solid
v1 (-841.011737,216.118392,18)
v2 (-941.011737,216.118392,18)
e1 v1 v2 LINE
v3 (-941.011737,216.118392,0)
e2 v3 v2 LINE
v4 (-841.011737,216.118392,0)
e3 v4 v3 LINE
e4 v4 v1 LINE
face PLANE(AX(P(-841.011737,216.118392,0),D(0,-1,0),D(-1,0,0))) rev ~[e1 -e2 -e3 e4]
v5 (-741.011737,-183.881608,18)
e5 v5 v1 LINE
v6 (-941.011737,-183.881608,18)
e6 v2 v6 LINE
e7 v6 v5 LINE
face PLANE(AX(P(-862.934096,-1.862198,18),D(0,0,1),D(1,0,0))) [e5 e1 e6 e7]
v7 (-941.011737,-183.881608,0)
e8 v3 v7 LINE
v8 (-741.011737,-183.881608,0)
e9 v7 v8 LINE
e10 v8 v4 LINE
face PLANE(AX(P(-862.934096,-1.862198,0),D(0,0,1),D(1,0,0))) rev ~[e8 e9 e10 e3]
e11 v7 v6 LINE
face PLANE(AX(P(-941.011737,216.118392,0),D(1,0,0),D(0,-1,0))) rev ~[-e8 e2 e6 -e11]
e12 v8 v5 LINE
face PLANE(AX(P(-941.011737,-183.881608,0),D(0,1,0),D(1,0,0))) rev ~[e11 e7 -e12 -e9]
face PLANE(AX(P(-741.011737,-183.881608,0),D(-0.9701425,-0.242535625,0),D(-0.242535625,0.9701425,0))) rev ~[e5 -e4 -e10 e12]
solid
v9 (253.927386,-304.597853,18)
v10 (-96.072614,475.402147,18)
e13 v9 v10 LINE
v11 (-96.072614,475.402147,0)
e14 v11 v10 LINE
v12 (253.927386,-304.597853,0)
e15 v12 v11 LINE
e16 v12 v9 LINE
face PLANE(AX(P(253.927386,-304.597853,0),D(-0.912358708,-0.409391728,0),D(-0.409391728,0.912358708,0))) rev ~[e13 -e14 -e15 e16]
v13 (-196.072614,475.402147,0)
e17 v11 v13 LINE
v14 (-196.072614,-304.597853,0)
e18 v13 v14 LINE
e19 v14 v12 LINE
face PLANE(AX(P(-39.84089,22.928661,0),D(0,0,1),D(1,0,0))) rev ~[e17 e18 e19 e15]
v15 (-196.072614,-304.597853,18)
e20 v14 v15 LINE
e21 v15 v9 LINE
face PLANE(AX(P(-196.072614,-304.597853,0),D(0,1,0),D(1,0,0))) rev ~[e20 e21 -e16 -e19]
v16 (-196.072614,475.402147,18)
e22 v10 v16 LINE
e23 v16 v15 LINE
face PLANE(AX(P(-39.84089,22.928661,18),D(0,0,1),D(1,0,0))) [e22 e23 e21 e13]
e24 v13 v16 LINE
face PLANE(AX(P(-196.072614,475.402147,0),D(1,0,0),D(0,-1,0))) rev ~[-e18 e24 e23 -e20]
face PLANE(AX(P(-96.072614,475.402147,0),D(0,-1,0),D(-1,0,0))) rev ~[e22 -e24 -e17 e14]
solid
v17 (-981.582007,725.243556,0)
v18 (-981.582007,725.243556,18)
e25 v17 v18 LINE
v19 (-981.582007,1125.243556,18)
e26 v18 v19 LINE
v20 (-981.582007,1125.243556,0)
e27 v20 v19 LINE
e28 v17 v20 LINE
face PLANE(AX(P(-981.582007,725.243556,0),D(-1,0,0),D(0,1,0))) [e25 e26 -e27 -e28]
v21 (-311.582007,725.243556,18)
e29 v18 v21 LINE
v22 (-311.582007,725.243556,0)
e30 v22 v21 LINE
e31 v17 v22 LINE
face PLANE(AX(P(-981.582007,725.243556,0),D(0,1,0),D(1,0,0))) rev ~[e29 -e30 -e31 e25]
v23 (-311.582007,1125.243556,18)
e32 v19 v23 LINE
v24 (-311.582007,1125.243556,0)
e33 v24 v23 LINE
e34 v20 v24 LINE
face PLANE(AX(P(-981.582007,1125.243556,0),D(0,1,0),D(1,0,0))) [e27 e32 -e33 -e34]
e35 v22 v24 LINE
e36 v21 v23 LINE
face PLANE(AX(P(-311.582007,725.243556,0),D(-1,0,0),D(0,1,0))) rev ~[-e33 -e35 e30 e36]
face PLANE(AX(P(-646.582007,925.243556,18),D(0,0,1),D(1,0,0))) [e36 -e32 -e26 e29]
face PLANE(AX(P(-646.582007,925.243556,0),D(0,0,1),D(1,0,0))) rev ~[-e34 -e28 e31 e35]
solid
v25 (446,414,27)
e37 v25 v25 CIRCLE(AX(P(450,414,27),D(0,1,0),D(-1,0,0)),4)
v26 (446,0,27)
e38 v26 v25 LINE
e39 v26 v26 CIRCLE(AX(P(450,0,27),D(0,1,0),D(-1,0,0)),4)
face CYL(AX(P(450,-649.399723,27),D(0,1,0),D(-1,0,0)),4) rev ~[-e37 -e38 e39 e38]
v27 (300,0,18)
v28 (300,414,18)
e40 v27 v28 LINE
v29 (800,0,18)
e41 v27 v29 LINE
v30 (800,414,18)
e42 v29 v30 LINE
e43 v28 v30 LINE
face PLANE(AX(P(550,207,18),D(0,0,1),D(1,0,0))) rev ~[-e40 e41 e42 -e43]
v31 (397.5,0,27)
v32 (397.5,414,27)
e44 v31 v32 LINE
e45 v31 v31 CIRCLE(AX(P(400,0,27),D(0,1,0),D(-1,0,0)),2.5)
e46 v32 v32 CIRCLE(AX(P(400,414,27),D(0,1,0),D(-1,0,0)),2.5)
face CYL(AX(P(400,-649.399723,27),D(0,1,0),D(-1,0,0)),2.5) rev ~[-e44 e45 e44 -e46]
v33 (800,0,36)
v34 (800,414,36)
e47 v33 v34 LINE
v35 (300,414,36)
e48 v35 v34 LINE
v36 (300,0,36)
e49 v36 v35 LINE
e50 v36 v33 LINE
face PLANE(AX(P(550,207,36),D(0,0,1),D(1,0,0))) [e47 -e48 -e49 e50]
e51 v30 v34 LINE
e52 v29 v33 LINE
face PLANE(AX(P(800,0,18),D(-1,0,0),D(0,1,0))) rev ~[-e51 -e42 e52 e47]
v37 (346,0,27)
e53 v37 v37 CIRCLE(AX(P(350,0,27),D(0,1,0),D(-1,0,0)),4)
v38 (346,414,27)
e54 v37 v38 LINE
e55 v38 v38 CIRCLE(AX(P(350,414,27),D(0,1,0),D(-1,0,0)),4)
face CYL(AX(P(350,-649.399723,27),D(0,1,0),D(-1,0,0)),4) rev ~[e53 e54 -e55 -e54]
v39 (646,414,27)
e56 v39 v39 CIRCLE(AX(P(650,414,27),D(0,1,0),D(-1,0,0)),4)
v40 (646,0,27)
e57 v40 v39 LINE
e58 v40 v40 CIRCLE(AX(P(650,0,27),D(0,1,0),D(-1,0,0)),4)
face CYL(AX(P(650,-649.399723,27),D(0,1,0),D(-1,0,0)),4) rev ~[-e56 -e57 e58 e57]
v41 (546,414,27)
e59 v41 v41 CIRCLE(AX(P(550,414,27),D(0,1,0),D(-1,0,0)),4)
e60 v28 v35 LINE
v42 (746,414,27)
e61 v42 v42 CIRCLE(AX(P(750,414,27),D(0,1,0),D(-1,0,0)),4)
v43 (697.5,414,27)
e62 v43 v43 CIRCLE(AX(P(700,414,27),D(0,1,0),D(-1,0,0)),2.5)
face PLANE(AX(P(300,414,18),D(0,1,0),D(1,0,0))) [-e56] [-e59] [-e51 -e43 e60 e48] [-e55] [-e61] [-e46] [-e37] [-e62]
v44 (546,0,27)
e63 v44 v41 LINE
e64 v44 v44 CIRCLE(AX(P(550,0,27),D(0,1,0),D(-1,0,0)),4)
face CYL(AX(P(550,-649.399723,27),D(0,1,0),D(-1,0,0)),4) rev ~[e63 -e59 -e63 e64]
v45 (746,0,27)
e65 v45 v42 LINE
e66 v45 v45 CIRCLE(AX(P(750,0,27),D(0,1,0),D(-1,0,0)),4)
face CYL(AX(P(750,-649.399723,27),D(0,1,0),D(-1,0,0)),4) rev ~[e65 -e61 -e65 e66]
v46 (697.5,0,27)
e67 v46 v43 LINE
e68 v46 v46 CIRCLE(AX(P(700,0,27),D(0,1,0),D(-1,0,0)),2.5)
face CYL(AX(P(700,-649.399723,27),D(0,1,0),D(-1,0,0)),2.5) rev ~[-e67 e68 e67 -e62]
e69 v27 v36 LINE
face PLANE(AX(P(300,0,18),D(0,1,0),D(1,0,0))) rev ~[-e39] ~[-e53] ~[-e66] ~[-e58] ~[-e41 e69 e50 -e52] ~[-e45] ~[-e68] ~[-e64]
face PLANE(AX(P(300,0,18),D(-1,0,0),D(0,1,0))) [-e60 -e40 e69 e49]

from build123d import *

# Parameters (mm, degrees)
F1_DEPTH  = 18
F2_W      = 500
F2_H      = 414
F3_DEPTH  = 18
F4_DEPTH  = 18
F6_D      = 8
F8_DEPTH  = 18
F9_W      = 670
F9_H      = 400
F10_DEPTH = 18
F11_D     = 5


with BuildPart() as f1:
    # F0 (on Top) → F1 (new body)
    with BuildSketch(Plane.XY):
        Polygon((-196.072614, 475.402147), (-196.072614, -304.597853), (253.927386, -304.597853), (-96.072614, 475.402147), align=None)
    extrude(amount=F1_DEPTH)


with BuildPart() as f3:
    # F2 (on face) → F3 (new body)
    with BuildSketch(Plane.XY.offset(18)):
        with Locations((550, 207)):
            Rectangle(F2_W, F2_H)
    extrude(amount=F3_DEPTH)

    # F2 (on face) → F4 (join)
    with BuildSketch(Plane.XY.offset(18)):
        with Locations((550, 207)):
            Rectangle(F2_W, F2_H)
    extrude(amount=F4_DEPTH)

    # F6 (through all)
    with Locations(Plane.XZ):
        with Locations((350, 27), (450, 27), (550, 27), (650, 27), (750, 27)):
            Hole(F6_D / 2)

    # F11 (through all)
    with Locations(Plane.XZ):
        with Locations((400, 27), (700, 27)):
            Hole(F11_D / 2)


with BuildPart() as f8:
    # F7 (on Top) → F8 (new body)
    with BuildSketch(Plane.XY):
        Polygon((-941.011737, 216.118392), (-941.011737, -183.881608), (-741.011737, -183.881608), (-841.011737, 216.118392), align=None)
    extrude(amount=F8_DEPTH)


with BuildPart() as f10:
    # F9 (on Top) → F10 (new body)
    with BuildSketch(Plane.XY):
        with Locations((-646.582007, 925.243556)):
            Rectangle(F9_W, F9_H)
    extrude(amount=F10_DEPTH)


solid = Compound([f1.part, f3.part, f8.part, f10.part])
